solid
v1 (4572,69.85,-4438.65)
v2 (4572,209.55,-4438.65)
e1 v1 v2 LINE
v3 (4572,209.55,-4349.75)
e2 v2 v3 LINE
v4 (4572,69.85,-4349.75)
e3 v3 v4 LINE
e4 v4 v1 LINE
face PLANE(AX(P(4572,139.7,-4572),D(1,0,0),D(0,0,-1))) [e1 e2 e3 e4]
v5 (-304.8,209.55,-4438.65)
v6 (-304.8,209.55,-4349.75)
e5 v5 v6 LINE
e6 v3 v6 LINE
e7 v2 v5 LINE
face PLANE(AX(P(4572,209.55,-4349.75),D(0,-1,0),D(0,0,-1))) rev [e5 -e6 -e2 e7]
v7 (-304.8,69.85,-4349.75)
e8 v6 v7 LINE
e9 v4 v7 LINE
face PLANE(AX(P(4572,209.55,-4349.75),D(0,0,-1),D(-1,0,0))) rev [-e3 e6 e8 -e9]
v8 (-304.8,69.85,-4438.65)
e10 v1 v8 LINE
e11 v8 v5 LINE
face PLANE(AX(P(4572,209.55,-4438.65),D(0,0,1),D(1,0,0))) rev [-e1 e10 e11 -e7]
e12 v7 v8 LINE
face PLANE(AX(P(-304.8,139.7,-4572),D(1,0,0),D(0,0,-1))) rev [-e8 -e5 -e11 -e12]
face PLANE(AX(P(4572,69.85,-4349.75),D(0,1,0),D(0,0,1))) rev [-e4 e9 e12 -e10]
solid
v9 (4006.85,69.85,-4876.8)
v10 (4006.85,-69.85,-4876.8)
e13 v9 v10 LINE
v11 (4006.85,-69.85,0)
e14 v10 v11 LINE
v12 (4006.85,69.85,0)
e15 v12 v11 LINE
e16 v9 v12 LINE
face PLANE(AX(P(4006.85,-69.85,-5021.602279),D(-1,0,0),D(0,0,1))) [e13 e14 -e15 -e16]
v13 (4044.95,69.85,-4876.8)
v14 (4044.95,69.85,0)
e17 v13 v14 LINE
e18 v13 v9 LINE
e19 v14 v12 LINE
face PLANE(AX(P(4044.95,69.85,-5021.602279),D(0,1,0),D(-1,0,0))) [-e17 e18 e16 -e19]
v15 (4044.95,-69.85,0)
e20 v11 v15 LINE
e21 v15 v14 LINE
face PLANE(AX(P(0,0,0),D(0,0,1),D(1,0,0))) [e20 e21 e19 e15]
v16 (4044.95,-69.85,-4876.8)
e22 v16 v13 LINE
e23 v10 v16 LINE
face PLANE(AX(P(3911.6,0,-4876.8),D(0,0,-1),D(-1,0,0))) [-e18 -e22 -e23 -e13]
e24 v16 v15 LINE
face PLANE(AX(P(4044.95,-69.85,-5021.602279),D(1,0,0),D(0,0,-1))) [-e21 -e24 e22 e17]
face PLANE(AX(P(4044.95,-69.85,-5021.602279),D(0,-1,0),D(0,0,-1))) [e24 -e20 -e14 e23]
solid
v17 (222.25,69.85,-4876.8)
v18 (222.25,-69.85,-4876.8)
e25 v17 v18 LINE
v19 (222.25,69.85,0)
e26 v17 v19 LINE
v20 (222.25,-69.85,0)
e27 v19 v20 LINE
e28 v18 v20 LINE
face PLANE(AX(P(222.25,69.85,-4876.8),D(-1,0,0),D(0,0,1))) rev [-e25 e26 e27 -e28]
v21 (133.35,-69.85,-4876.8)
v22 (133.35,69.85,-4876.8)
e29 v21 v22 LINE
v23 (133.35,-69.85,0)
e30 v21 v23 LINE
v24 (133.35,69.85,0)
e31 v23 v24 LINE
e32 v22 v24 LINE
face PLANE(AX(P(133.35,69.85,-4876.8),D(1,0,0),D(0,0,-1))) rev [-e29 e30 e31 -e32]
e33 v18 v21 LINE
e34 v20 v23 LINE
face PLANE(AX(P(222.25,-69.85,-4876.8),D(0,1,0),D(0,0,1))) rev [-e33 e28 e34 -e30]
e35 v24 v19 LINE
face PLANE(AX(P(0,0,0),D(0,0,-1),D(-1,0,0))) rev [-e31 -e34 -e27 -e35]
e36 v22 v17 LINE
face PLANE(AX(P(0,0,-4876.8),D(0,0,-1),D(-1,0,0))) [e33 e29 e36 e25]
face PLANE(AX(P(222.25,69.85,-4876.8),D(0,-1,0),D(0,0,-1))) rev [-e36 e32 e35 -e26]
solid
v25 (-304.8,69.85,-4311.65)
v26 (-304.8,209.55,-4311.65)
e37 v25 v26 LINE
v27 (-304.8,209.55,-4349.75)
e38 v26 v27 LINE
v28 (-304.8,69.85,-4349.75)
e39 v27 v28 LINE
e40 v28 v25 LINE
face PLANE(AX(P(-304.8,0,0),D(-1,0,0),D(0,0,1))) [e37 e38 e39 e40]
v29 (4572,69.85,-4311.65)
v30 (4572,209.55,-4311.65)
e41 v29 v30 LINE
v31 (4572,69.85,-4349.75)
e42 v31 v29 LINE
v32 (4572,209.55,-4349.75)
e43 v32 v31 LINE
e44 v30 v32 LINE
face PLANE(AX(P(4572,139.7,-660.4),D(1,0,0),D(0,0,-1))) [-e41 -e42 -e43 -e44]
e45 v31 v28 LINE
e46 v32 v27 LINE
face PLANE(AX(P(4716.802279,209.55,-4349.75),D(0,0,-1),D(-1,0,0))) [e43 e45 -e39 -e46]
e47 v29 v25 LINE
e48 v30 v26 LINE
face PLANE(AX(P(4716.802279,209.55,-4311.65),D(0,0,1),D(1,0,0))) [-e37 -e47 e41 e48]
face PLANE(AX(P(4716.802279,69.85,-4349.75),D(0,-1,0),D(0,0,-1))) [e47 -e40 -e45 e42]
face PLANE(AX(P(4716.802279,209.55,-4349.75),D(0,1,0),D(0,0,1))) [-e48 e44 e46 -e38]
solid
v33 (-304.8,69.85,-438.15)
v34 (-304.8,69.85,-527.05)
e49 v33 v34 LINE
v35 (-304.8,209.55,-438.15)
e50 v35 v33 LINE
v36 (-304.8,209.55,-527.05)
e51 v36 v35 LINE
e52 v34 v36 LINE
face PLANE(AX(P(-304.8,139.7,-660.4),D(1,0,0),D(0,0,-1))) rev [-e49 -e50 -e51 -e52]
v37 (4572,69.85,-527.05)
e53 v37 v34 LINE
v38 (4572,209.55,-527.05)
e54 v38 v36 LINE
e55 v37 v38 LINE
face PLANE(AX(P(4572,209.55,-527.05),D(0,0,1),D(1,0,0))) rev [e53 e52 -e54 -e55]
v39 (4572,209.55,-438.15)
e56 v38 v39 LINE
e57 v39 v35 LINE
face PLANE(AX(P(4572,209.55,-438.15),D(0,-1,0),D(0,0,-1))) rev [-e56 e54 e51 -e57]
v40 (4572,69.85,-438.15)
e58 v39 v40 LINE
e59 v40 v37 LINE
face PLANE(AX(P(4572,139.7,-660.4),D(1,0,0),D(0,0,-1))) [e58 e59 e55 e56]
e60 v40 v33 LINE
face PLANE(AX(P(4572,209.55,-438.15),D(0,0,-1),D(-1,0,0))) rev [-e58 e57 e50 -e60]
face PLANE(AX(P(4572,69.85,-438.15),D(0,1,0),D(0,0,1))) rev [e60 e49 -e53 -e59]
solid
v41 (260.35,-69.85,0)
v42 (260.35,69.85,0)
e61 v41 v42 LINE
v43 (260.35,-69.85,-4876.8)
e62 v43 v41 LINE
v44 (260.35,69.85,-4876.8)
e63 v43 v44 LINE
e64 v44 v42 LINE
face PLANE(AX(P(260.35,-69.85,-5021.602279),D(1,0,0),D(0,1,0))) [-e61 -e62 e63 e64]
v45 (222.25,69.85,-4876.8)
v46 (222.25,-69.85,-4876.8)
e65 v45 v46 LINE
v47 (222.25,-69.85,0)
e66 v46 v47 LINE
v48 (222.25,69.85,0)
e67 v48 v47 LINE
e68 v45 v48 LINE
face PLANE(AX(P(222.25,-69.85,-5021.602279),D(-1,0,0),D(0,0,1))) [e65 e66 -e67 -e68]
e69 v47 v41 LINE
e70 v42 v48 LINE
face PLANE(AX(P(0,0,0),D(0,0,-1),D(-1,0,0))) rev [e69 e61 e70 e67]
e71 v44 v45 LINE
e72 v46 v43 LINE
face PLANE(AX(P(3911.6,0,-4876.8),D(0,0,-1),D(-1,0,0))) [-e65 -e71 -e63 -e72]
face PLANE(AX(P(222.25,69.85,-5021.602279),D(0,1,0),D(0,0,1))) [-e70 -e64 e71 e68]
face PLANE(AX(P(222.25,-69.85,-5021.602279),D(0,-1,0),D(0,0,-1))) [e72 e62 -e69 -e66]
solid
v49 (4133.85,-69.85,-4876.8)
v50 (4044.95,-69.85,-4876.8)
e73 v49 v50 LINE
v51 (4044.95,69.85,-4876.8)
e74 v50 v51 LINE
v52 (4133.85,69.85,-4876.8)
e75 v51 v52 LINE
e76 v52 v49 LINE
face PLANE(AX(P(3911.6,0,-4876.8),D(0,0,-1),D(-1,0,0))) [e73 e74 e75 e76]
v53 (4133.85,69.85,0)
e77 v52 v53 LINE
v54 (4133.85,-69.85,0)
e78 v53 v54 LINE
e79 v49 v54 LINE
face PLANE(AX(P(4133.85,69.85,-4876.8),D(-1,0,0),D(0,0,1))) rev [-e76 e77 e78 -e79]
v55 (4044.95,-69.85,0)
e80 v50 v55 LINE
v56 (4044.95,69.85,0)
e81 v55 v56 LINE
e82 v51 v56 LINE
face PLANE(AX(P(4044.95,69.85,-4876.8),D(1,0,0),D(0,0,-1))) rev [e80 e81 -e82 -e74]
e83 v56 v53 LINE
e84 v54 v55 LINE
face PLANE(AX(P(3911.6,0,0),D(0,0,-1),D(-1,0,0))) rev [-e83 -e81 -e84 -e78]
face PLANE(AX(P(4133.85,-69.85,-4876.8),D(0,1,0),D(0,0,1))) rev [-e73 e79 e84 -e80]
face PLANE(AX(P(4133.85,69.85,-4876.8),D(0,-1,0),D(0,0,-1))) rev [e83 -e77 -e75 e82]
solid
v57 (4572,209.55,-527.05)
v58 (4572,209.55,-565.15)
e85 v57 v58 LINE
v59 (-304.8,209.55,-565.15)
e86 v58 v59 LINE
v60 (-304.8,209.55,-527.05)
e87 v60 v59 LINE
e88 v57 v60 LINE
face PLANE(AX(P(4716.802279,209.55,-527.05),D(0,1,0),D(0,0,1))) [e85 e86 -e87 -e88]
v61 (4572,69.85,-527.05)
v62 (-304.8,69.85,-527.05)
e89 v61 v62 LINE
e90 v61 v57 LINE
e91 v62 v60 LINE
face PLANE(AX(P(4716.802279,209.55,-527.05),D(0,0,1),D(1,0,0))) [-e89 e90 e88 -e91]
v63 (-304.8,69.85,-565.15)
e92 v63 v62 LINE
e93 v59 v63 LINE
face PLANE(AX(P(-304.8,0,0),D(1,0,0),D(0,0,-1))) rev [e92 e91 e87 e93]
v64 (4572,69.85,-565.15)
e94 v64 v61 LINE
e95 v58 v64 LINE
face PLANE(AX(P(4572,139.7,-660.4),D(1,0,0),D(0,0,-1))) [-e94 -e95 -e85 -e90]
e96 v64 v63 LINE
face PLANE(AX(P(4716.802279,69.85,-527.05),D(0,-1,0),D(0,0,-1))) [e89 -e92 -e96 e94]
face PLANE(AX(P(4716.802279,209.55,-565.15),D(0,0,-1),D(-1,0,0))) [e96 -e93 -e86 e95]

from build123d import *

# Parameters (mm, degrees)
SKETCH1_W              = 88.9
SKETCH1_H              = 139.7
PROFILES_4X6_1_DEPTH   = 4876.8
SKETCH1_ON_SEGMENT_2_W = 88.9
SKETCH1_ON_SEGMENT_2_H = 139.7
PROFILES_4X6_1_2_DEPTH = 4876.8
SKETCH1_ON_SEGMENT_3_W = 88.9
SKETCH1_ON_SEGMENT_3_H = 139.7
PROFILES_4X6_1_3_DEPTH = 4876.8
SKETCH1_ON_SEGMENT_4_W = 88.9
SKETCH1_ON_SEGMENT_4_H = 139.7
PROFILES_4X6_1_4_DEPTH = 4876.8
SKETCH13_W             = 38.1
SKETCH13_H             = 139.7
BOSS_EXTRUDE1_DEPTH    = 4876.8
BOSS_EXTRUDE1_2_DEPTH  = 4876.8
SKETCH14_W             = 38.1
SKETCH14_H             = 139.7
BOSS_EXTRUDE2_DEPTH    = 4876.8
BOSS_EXTRUDE2_2_DEPTH  = 4876.8


with BuildPart() as part:
    # Sketch1 → Profiles 4X6(1) (new body)
    with BuildSketch(Plane(origin=(177.8, 0, 0), x_dir=(-1, 0, 0), z_dir=(0, 0, -1))):
        Rectangle(SKETCH1_W, SKETCH1_H)
    extrude(amount=PROFILES_4X6_1_DEPTH)


with BuildPart() as body_2:
    # Sketch1 on segment 2 (carried to segment 2) → Profiles 4X6_1 2 (new body)
    with BuildSketch(Plane(origin=(4089.4, 0, 0), x_dir=(-1, 0, 0), z_dir=(0, 0, -1))):
        Rectangle(SKETCH1_ON_SEGMENT_2_W, SKETCH1_ON_SEGMENT_2_H)
    extrude(amount=PROFILES_4X6_1_2_DEPTH)


with BuildPart() as body_3:
    # Sketch1 on segment 3 (carried to segment 3) → Profiles 4X6_1 3 (new body)
    with BuildSketch(Plane(origin=(-304.8, 139.7, -4394.2), x_dir=(0, 0, -1), z_dir=(1, 0, 0))):
        Rectangle(SKETCH1_ON_SEGMENT_3_W, SKETCH1_ON_SEGMENT_3_H)
    extrude(amount=PROFILES_4X6_1_3_DEPTH)


with BuildPart() as body_4:
    # Sketch1 on segment 4 (carried to segment 4) → Profiles 4X6_1 4 (new body)
    with BuildSketch(Plane(origin=(4572, 139.7, -482.6), x_dir=(0, 0, 1), z_dir=(-1, 0, 0))):
        Rectangle(SKETCH1_ON_SEGMENT_4_W, SKETCH1_ON_SEGMENT_4_H)
    extrude(amount=PROFILES_4X6_1_4_DEPTH)


with BuildPart() as body_5:
    # Sketch13 → Boss-Extrude1 (new body)
    with BuildSketch(Plane.ZY.offset(304.8)):
        with Locations((-4330.7, 139.7)):
            Rectangle(SKETCH13_W, SKETCH13_H)
    extrude(amount=-BOSS_EXTRUDE1_DEPTH)


with BuildPart() as body_6:
    # Sketch13 → Boss-Extrude1 2 (new body)
    with BuildSketch(Plane.ZY.offset(304.8)):
        with Locations((-546.1, 139.7)):
            Rectangle(SKETCH13_W, SKETCH13_H)
    extrude(amount=-BOSS_EXTRUDE1_2_DEPTH)


with BuildPart() as body_7:
    # Sketch14 → Boss-Extrude2 (new body)
    with BuildSketch(Plane.XY):
        with Locations((241.3, 0)):
            Rectangle(SKETCH14_W, SKETCH14_H)
    extrude(amount=-BOSS_EXTRUDE2_DEPTH)


with BuildPart() as body_8:
    # Sketch14 → Boss-Extrude2 2 (new body)
    with BuildSketch(Plane.XY):
        with Locations((4025.9, 0)):
            Rectangle(SKETCH14_W, SKETCH14_H)
    extrude(amount=-BOSS_EXTRUDE2_2_DEPTH)


solid = Compound([part.part, body_2.part, body_3.part, body_4.part, body_5.part, body_6.part, body_7.part, body_8.part])
